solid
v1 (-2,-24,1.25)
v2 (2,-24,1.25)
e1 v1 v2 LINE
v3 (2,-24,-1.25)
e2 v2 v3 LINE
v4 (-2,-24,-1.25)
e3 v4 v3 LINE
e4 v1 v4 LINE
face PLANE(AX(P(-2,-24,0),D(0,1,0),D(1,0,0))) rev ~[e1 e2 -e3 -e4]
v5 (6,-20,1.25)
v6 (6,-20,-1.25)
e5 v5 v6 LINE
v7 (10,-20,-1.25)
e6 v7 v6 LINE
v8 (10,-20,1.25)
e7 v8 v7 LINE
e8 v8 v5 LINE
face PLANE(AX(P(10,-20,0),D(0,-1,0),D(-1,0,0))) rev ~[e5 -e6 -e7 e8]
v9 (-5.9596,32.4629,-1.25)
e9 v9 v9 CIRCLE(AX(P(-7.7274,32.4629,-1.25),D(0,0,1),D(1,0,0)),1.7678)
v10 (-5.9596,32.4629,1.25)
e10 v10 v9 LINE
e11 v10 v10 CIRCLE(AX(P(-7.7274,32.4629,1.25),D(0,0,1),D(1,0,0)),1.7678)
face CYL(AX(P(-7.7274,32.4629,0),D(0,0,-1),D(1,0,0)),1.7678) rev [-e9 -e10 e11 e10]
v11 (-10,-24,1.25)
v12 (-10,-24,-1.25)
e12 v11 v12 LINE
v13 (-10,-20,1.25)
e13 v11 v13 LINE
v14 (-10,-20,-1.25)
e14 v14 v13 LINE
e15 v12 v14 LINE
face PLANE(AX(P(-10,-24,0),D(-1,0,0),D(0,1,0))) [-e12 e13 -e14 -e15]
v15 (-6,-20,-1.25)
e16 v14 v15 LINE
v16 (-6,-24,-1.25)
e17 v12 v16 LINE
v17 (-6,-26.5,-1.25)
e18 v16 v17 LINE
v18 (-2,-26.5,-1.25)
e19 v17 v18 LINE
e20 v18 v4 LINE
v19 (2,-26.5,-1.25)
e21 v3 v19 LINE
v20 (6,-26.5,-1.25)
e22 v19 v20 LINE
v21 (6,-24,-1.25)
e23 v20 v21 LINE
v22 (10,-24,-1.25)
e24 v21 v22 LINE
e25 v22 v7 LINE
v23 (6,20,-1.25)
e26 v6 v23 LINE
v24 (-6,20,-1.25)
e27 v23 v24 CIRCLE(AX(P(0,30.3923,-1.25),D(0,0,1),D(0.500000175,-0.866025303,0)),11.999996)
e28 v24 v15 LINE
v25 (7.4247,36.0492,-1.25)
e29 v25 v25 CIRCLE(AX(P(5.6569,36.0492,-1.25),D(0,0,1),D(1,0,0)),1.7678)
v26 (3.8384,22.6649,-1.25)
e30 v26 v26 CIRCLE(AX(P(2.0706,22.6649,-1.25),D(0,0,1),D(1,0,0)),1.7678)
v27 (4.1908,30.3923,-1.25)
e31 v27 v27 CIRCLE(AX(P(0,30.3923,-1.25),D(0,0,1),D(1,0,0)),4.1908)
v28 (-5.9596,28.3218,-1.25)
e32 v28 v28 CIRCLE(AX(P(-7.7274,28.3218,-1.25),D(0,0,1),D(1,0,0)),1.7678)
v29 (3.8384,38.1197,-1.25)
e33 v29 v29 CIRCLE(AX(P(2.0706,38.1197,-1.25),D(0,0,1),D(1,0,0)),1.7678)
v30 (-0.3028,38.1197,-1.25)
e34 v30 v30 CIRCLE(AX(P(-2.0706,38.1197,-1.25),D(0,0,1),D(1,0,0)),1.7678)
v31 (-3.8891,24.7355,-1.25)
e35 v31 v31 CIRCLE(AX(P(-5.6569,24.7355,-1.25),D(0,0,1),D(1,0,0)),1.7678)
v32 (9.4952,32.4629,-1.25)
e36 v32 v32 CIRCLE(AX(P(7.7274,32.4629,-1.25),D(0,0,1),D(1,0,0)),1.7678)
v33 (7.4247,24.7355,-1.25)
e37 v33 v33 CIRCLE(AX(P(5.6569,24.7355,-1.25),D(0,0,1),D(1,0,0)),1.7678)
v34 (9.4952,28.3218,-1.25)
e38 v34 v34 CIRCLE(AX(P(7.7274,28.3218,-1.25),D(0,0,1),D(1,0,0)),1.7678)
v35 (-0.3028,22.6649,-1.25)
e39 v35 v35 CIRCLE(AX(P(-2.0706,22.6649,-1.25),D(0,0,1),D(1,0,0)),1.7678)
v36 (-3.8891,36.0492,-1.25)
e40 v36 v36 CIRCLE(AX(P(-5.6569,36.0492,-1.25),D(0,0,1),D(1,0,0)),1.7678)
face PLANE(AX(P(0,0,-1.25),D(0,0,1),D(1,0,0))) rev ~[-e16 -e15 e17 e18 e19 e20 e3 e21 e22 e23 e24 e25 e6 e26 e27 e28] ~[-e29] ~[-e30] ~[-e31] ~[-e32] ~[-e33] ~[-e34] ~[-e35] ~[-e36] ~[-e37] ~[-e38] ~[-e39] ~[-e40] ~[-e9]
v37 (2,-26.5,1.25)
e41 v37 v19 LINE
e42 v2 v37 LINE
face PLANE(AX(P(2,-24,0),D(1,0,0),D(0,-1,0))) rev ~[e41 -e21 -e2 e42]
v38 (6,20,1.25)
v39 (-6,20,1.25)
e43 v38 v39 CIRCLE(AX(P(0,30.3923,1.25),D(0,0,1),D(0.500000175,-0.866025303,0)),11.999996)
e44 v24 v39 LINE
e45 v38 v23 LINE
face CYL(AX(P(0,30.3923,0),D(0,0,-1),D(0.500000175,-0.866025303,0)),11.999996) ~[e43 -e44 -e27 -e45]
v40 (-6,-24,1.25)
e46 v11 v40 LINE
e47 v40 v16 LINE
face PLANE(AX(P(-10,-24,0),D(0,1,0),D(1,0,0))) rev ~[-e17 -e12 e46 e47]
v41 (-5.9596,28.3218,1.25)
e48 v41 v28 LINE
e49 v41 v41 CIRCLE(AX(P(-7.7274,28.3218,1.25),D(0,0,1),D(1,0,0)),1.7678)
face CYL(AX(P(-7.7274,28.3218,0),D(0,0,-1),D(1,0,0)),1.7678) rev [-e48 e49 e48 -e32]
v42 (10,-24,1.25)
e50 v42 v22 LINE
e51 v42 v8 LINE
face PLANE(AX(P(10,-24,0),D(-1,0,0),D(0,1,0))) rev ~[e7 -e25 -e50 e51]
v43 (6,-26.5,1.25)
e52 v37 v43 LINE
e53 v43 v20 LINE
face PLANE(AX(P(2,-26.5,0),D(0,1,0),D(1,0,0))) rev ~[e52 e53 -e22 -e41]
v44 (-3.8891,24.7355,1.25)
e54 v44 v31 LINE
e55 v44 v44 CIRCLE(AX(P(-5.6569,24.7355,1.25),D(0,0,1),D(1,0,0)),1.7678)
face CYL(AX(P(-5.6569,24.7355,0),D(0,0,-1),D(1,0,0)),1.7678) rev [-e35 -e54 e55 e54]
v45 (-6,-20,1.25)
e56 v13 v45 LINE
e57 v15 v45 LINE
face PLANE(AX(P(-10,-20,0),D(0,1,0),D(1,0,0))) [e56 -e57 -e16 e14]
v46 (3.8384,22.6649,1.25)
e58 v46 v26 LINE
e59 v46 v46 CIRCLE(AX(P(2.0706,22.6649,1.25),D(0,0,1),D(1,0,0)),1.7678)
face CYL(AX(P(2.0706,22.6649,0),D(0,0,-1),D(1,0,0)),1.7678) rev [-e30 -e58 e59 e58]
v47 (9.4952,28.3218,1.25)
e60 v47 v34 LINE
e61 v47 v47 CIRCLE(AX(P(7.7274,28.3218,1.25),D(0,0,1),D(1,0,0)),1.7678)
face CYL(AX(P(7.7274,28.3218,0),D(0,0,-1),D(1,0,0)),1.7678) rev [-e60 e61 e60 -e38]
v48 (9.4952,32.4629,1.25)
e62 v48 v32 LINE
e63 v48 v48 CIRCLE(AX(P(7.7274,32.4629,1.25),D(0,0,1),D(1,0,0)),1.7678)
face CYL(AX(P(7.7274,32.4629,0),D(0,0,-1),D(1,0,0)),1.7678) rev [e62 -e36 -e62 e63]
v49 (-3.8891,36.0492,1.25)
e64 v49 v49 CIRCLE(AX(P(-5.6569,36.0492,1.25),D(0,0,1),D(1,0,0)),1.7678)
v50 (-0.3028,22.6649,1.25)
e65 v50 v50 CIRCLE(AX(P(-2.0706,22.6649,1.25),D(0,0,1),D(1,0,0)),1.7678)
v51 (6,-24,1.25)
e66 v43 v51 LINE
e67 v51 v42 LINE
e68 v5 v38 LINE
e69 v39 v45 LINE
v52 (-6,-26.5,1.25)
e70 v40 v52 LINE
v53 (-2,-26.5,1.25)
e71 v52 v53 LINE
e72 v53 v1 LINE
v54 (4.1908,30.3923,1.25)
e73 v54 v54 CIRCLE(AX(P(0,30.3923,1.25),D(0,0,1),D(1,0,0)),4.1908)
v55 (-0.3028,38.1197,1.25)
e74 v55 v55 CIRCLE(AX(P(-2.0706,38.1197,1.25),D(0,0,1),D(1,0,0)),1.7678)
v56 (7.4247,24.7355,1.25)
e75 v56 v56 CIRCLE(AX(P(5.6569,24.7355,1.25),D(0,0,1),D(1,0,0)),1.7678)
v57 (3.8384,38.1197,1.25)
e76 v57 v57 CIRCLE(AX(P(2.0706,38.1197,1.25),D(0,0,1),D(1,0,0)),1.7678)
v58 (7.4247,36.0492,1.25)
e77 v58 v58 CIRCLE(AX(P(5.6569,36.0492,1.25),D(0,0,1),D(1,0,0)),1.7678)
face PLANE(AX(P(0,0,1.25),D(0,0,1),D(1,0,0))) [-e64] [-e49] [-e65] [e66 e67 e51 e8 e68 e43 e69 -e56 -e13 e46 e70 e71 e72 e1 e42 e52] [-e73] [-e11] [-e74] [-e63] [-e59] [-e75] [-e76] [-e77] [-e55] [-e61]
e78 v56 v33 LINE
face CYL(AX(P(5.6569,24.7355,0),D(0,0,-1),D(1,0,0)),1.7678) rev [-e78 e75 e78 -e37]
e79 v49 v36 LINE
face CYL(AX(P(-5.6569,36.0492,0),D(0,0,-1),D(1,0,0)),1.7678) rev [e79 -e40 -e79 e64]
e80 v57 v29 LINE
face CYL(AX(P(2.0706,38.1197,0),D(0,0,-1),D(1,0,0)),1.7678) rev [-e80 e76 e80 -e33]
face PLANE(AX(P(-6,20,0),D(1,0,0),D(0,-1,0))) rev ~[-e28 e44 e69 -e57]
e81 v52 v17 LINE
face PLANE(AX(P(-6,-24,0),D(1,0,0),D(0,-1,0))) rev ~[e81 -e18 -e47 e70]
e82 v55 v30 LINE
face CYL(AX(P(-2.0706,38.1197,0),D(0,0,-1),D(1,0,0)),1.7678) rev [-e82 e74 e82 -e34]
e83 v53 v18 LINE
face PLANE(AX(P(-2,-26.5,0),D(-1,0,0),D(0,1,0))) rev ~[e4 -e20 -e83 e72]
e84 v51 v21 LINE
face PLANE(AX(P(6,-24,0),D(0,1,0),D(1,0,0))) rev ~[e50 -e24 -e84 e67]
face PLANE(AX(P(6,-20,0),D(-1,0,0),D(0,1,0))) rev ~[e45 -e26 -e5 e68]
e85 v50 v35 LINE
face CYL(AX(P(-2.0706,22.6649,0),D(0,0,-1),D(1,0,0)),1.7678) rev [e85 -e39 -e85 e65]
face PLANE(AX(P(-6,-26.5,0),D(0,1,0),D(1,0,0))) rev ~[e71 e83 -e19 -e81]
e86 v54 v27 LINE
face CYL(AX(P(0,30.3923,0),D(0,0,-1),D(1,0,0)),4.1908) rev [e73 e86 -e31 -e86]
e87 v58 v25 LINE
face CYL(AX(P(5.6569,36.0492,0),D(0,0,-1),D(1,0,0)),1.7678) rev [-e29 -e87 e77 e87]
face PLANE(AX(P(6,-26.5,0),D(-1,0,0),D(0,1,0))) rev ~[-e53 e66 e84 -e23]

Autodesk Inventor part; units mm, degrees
ref_plane "YZ Plane" through (0, 0, 0) normal (1, 0, 0) x (0, 1, 0)
ref_plane "XZ Plane" through (0, 0, 0) normal (0, 1, 0) x (-1, 0, 0)
ref_plane "XY Plane" through (0, 0, 0) normal (0, 0, 1) x (1, 0, 0)
sketch "Sketch1" plane through (0, 0, 0) normal (0, 0, 1) x (1, 0, 0)
  line L0 (-6, 20) -> (-6, -20)
  line L1 (-6, -24) -> (-6, -26.5)
  line L2 (-6, -26.5) -> (-2, -26.5)
  line L3 (-2, -26.5) -> (-2, -24)
  line L4 (-2, -24) -> (2, -24)
  line L5 (2, -24) -> (2, -26.5)
  line L6 (2, -26.5) -> (6, -26.5)
  line L7 (6, -26.5) -> (6, -24)
  line L8 (6, -20) -> (6, 20)
  line L9 (0, 103.1461) -> (0, -103.1461) construction
  line L10 (-16.7969, 0) -> (16.7969, 0) construction
  arc A0 (6, 20) -> (-6, 20) centre (0, 30.3923) ccw
  circle A1 centre (-2.0706, 38.1197) radius 1.7678
  line L11 (-2.0706, 50.8634) -> (-2.0706, 25.376) construction
  line L12 (-3.3097, 38.1197) -> (-0.8314, 38.1197) construction
  line L13 (-3.3206, 39.3697) -> (-0.8206, 39.3697) construction
  line L14 (-0.8206, 39.3697) -> (-0.8206, 36.8697) construction
  line L15 (-0.8206, 36.8697) -> (-3.3206, 36.8697) construction
  line L16 (-3.3206, 36.8697) -> (-3.3206, 39.3697) construction
  circle A2 centre (0, 30.3923) radius 8 construction
  line L17 (10, -24) -> (10, -20)
  line L18 (10, -20) -> (6, -20)
  line L19 (-10, -24) -> (-10, -20)
  line L20 (-10, -20) -> (-6, -20)
  line L21 (-10, -24) -> (-6, -24)
  line L22 (6, -24) -> (10, -24)
  line L23 (0, 30.3923) -> (-4.1411, 45.8471) construction
  circle A3 centre (-5.6569, 36.0492) radius 1.7678
  circle A4 centre (-7.7274, 32.4629) radius 1.7678
  circle A5 centre (-7.7274, 28.3218) radius 1.7678
  circle A6 centre (-5.6569, 24.7355) radius 1.7678
  circle A7 centre (-2.0706, 22.6649) radius 1.7678
  circle A8 centre (2.0706, 22.6649) radius 1.7678
  circle A9 centre (5.6569, 24.7355) radius 1.7678
  circle A10 centre (7.7274, 28.3218) radius 1.7678
  circle A11 centre (7.7274, 32.4629) radius 1.7678
  circle A12 centre (5.6569, 36.0492) radius 1.7678
  circle A13 centre (2.0706, 38.1197) radius 1.7678
  line L24 (-4.2764, 30.3923) -> (4.2764, 30.3923) construction
  line L25 (-4, 31.6423) -> (-1.25, 31.6423) construction
  line L26 (-1.25, 31.6423) -> (-1.25, 34.3923) construction
  line L27 (-1.25, 34.3923) -> (1.25, 34.3923) construction
  line L28 (1.25, 34.3923) -> (1.25, 31.6423) construction
  line L29 (1.25, 31.6423) -> (4, 31.6423) construction
  line L30 (4, 31.6423) -> (4, 29.1423) construction
  line L31 (4, 29.1423) -> (1.25, 29.1423) construction
  line L32 (1.25, 29.1423) -> (1.25, 26.3923) construction
  line L33 (1.25, 26.3923) -> (-1.25, 26.3923) construction
  line L34 (-1.25, 26.3923) -> (-1.25, 29.1423) construction
  line L35 (-1.25, 29.1423) -> (-4, 29.1423) construction
  line L36 (-4, 29.1423) -> (-4, 31.6423) construction
  circle A14 centre (0, 30.3923) radius 4.1908
  point P0 (0, 0)
  point P1 (0, 0)
  point P2 (-5.1993, 37.7567)
  point P3 (-8.1849, 34.1704)
  point P4 (-8.9774, 29.5718)
  point P5 (-7.3644, 25.193)
  point P6 (-3.7781, 22.2074)
  point P7 (0.8206, 21.4149)
  point P8 (5.1993, 23.0279)
  point P9 (8.1849, 26.6142)
  point P10 (8.9774, 31.2129)
  point P11 (7.3644, 35.5916)
  point P12 (3.7781, 38.5772)
  dimension "d9" = 3.5355
  dimension "d10" = 16
  dimension "d0" = 4
  dimension "d2" = 4
  dimension "d7" = 2.5
  dimension "d8" = 2.5
  dimension "d11" = 24
  dimension "d14" = 4
  dimension "d16" = 4
  dimension "d17" = 12
  dimension "d18" = 20
  dimension "d19" = 2.5
  dimension "d20" = 40
  dimension "d21" = 15
  dimension "d24" = 360
  dimension "d28" = 2.5
  dimension "d29" = 2.5
  dimension "d30" = 8
  dimension "d31" = 8
extrude "Extrusion1" add sketch "Sketch1" along normal mid plane 2.5
properties part number "pitahaya2"
